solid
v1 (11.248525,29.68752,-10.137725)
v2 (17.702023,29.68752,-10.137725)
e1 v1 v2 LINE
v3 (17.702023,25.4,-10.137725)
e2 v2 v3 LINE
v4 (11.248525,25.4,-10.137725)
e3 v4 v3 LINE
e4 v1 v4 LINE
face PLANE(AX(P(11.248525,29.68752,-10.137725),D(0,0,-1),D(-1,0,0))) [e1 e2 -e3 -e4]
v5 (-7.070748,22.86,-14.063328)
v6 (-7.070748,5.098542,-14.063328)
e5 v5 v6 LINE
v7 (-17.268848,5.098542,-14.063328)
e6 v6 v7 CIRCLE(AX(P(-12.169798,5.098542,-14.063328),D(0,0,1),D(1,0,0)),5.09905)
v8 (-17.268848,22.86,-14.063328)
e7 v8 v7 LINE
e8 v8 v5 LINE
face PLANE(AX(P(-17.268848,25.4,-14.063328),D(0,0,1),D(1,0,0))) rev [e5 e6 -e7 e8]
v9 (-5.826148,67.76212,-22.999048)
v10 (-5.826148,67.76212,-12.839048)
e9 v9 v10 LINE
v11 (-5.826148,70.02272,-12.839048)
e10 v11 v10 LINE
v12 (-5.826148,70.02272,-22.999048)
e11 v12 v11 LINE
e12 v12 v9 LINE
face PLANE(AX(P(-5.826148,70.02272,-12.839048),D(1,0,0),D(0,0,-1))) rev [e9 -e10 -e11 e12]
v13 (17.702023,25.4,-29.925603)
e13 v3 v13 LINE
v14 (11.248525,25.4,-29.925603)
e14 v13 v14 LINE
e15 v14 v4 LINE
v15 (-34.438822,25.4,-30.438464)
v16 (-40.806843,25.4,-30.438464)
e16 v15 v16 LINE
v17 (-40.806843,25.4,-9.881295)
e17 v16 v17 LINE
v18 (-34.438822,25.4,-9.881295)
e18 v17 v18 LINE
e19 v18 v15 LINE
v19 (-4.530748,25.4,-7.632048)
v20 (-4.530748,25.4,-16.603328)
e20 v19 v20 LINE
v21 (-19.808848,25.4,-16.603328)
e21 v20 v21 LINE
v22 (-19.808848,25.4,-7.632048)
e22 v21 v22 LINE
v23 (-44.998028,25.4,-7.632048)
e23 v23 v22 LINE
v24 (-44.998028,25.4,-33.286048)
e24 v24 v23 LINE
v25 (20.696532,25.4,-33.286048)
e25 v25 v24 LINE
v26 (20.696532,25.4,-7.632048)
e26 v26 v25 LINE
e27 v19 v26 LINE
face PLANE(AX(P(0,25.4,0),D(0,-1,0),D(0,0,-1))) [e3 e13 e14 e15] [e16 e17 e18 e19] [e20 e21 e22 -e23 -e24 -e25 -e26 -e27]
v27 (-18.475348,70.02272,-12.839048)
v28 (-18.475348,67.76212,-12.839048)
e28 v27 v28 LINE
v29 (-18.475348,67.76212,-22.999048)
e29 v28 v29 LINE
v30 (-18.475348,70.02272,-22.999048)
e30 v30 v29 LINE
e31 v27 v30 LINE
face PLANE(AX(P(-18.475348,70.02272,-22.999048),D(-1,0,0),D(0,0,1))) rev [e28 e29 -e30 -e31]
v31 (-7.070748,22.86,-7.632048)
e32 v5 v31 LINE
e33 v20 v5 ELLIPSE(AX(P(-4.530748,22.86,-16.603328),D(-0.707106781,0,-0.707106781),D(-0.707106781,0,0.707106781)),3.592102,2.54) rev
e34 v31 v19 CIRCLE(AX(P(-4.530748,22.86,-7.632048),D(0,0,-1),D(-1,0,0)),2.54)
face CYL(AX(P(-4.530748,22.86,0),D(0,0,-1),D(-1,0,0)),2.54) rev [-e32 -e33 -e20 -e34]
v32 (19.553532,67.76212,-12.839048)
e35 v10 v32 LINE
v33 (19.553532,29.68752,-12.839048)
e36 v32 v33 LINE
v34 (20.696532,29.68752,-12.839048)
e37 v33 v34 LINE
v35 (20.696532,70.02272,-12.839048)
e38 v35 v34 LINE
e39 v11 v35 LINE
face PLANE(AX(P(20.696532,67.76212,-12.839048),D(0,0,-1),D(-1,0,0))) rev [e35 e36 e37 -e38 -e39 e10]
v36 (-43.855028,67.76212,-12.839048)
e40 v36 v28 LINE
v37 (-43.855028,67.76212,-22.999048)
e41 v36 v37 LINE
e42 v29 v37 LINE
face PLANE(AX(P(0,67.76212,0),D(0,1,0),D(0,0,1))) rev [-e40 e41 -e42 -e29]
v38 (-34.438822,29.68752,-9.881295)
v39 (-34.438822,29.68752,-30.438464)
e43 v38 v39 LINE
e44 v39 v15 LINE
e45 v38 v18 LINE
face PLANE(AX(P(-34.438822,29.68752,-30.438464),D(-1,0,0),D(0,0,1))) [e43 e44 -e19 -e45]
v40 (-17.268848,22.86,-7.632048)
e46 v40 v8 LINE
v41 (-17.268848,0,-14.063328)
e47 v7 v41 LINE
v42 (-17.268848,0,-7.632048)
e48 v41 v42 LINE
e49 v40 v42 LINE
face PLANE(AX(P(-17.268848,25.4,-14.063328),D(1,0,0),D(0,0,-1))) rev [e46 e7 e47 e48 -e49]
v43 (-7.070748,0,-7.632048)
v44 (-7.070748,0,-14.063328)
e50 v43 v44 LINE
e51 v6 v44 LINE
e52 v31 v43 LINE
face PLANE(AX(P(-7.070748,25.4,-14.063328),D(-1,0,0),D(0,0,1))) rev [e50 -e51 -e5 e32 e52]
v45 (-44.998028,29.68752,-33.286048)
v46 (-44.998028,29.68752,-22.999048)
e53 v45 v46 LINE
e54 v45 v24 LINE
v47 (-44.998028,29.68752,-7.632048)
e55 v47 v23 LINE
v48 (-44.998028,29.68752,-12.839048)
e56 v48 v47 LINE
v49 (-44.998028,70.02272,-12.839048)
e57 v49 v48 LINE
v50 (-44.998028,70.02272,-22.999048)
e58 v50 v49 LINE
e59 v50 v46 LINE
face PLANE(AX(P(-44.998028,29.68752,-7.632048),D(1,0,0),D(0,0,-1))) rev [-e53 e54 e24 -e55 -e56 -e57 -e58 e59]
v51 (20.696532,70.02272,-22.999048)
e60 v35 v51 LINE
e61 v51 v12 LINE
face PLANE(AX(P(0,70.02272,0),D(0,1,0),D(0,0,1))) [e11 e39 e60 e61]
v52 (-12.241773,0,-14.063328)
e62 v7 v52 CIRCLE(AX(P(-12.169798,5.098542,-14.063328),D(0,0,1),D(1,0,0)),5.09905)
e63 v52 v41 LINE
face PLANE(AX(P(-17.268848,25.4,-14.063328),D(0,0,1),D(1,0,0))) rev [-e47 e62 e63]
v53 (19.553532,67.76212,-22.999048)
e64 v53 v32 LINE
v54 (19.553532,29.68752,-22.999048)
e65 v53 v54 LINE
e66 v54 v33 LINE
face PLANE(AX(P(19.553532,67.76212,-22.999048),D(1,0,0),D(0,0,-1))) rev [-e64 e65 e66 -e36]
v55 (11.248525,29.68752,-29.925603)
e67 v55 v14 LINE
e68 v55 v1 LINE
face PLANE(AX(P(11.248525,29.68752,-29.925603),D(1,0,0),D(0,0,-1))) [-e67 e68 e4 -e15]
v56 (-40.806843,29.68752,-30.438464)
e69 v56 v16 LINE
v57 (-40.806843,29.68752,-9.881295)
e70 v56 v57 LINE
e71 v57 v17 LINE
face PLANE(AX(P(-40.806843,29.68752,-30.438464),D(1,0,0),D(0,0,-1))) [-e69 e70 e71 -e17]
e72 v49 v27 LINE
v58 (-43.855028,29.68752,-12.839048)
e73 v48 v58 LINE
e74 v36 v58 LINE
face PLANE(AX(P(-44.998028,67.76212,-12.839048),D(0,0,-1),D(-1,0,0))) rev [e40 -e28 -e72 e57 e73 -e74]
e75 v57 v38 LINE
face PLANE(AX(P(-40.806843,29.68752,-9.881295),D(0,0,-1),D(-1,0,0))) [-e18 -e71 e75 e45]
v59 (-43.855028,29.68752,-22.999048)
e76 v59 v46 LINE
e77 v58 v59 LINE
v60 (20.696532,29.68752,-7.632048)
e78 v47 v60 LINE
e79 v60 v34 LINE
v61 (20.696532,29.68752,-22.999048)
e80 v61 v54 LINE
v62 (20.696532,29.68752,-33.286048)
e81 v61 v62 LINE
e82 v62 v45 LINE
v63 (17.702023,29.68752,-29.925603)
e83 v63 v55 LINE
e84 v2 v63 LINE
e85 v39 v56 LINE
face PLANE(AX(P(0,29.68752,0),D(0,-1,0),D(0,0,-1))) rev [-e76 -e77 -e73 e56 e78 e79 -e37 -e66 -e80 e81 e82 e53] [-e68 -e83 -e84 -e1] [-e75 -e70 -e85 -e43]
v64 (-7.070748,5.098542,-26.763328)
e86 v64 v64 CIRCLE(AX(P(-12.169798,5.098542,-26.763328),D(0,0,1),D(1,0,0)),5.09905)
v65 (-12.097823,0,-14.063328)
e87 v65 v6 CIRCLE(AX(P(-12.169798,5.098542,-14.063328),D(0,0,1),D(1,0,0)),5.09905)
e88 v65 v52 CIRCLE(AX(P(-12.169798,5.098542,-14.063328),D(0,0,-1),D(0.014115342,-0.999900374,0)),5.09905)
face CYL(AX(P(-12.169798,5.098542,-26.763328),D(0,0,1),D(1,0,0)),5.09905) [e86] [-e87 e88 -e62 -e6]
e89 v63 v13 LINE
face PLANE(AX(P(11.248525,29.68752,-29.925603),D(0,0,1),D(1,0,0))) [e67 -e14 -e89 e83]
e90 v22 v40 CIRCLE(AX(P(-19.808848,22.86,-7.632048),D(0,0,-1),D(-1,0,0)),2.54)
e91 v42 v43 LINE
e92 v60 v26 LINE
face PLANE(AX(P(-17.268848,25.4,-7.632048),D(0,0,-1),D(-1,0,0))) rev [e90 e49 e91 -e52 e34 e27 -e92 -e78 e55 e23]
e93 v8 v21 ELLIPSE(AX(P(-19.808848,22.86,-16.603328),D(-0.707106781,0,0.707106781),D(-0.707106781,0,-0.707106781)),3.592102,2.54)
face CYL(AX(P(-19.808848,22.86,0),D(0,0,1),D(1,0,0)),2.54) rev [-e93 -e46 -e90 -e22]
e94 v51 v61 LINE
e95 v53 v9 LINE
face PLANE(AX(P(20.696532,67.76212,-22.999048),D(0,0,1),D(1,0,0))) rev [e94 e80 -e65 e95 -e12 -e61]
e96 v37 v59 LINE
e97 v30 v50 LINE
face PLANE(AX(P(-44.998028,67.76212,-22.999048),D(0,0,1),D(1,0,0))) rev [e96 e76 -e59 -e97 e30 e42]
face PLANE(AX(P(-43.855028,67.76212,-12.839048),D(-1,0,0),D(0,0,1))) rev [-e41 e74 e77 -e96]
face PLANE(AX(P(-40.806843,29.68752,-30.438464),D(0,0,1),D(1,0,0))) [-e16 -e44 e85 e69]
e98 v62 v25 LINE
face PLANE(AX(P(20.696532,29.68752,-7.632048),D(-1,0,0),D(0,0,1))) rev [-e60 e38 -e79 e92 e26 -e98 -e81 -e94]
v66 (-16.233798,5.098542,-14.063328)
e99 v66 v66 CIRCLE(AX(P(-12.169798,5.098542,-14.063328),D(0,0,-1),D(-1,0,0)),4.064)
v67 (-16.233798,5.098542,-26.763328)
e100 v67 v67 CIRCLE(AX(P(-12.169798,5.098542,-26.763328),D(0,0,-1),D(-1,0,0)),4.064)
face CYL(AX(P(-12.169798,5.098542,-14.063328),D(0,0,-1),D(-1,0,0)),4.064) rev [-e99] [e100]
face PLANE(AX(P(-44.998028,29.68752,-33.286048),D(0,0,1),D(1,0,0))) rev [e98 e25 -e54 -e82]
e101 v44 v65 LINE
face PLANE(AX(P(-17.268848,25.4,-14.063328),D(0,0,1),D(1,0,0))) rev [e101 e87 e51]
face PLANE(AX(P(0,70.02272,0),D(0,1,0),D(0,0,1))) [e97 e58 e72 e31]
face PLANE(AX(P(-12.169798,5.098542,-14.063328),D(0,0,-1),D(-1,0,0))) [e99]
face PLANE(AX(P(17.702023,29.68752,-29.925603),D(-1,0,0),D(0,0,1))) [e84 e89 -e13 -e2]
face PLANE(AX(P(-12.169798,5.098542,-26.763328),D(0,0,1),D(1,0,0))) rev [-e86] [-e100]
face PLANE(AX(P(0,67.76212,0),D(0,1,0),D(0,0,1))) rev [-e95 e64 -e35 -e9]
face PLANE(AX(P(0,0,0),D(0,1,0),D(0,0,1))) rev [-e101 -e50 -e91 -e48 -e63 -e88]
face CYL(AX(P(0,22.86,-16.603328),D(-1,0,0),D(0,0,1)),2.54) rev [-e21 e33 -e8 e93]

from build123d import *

# Parameters (mm, degrees)
SKETCH6_W            = 10.1981
SKETCH6_H            = 6.43128
BOSS_EXTRUDE3_DEPTH  = 25.4
SKETCH8_R            = 5.09905
BOSS_EXTRUDE5_DEPTH  = 12.7
SKETCH11_W           = 65.69456
SKETCH11_H           = 25.654
SKETCH11_W_2         = 6.368021248
SKETCH11_H_2         = 20.557169264
SKETCH11_W_3         = 6.453498043
SKETCH11_H_3         = 19.787878106
BOSS_EXTRUDE10_DEPTH = 4.28752
SKETCH16_W           = 1.143
SKETCH16_H           = 10.16
BOSS_EXTRUDE11_DEPTH = 38.0746
SKETCH17_W           = 26.52268
SKETCH17_H           = 10.16
BOSS_EXTRUDE12_DEPTH = 2.2606
FILLET2_R            = 2.54
FILLET3_R            = 2.54
FILLET4_R            = 2.54
SKETCH19_R           = 4.064
CUT_EXTRUDE1_DEPTH   = 12.7


with BuildPart() as part:
    # Sketch6 → Boss-Extrude3 (new body)
    with BuildSketch(Plane(origin=(0, 0, 0), x_dir=(1, 0, 0), z_dir=(0, 1, 0))):
        with Locations((-12.169797761, 10.84768804)):
            Rectangle(SKETCH6_W, SKETCH6_H)
    extrude(amount=BOSS_EXTRUDE3_DEPTH)

    # Sketch8 → Boss-Extrude5 (add)
    with BuildSketch(Plane.XY.offset(-14.06332804)):
        with Locations((-12.169797761, 5.098542)):
            Circle(SKETCH8_R)
    extrude(amount=-BOSS_EXTRUDE5_DEPTH)

    # Sketch11 → Boss-Extrude10 (add)
    with BuildSketch(Plane(origin=(0, 25.4, 0), x_dir=(1, 0, 0), z_dir=(0, 1, 0))):
        with Locations((-12.150747761, 20.45904804)):
            Rectangle(SKETCH11_W, SKETCH11_H)
        with Locations((-37.622832753, 20.159879257)):
            Rectangle(SKETCH11_W_2, SKETCH11_H_2, mode=Mode.SUBTRACT)
        with Locations((14.475273968, 20.031664064)):
            Rectangle(SKETCH11_W_3, SKETCH11_H_3, mode=Mode.SUBTRACT)
    extrude(amount=BOSS_EXTRUDE10_DEPTH)

    # Sketch16 → Boss-Extrude11 (add)
    with BuildSketch(Plane(origin=(0, 29.68752, 0), x_dir=(1, 0, 0), z_dir=(0, 1, 0))):
        with Locations((-44.426527761, 17.91904804)):
            Rectangle(SKETCH16_W, SKETCH16_H)
        with Locations((20.125032239, 17.91904804)):
            Rectangle(SKETCH16_W, SKETCH16_H)
    extrude(amount=BOSS_EXTRUDE11_DEPTH)

    # Sketch17 → Boss-Extrude12 (add)
    with BuildSketch(Plane(origin=(0, 67.76212, 0), x_dir=(1, 0, 0), z_dir=(0, 1, 0))):
        with Locations((-31.736687761, 17.91904804)):
            Rectangle(SKETCH17_W, SKETCH17_H)
        with Locations((7.435192239, 17.91904804)):
            Rectangle(SKETCH17_W, SKETCH17_H)
    extrude(amount=BOSS_EXTRUDE12_DEPTH)

    # Fillet2
    fillet2_edges = [part.edges().sort_by_distance(p)[0] for p in [
        (-12.169797761, 25.4, -14.06332804),
    ]]
    fillet(fillet2_edges, radius=FILLET2_R)

    # Fillet3
    fillet3_edges = [part.edges().sort_by_distance(p)[0] for p in [
        (-17.268847761, 25.4, -12.11768804),
    ]]
    fillet(fillet3_edges, radius=FILLET3_R)

    # Fillet4
    fillet4_edges = [part.edges().sort_by_distance(p)[0] for p in [
        (-7.070747761, 25.4, -12.11768804),
    ]]
    fillet(fillet4_edges, radius=FILLET4_R)

    # Sketch19 → Cut-Extrude1 (cut)
    with BuildSketch(Plane(origin=(0, 0, -26.76332804), x_dir=(-1, 0, 0), z_dir=(0, 0, -1))):
        with Locations((12.169797761, 5.098542)):
            Circle(SKETCH19_R)
    extrude(amount=-CUT_EXTRUDE1_DEPTH, mode=Mode.SUBTRACT)


solid = part.part
